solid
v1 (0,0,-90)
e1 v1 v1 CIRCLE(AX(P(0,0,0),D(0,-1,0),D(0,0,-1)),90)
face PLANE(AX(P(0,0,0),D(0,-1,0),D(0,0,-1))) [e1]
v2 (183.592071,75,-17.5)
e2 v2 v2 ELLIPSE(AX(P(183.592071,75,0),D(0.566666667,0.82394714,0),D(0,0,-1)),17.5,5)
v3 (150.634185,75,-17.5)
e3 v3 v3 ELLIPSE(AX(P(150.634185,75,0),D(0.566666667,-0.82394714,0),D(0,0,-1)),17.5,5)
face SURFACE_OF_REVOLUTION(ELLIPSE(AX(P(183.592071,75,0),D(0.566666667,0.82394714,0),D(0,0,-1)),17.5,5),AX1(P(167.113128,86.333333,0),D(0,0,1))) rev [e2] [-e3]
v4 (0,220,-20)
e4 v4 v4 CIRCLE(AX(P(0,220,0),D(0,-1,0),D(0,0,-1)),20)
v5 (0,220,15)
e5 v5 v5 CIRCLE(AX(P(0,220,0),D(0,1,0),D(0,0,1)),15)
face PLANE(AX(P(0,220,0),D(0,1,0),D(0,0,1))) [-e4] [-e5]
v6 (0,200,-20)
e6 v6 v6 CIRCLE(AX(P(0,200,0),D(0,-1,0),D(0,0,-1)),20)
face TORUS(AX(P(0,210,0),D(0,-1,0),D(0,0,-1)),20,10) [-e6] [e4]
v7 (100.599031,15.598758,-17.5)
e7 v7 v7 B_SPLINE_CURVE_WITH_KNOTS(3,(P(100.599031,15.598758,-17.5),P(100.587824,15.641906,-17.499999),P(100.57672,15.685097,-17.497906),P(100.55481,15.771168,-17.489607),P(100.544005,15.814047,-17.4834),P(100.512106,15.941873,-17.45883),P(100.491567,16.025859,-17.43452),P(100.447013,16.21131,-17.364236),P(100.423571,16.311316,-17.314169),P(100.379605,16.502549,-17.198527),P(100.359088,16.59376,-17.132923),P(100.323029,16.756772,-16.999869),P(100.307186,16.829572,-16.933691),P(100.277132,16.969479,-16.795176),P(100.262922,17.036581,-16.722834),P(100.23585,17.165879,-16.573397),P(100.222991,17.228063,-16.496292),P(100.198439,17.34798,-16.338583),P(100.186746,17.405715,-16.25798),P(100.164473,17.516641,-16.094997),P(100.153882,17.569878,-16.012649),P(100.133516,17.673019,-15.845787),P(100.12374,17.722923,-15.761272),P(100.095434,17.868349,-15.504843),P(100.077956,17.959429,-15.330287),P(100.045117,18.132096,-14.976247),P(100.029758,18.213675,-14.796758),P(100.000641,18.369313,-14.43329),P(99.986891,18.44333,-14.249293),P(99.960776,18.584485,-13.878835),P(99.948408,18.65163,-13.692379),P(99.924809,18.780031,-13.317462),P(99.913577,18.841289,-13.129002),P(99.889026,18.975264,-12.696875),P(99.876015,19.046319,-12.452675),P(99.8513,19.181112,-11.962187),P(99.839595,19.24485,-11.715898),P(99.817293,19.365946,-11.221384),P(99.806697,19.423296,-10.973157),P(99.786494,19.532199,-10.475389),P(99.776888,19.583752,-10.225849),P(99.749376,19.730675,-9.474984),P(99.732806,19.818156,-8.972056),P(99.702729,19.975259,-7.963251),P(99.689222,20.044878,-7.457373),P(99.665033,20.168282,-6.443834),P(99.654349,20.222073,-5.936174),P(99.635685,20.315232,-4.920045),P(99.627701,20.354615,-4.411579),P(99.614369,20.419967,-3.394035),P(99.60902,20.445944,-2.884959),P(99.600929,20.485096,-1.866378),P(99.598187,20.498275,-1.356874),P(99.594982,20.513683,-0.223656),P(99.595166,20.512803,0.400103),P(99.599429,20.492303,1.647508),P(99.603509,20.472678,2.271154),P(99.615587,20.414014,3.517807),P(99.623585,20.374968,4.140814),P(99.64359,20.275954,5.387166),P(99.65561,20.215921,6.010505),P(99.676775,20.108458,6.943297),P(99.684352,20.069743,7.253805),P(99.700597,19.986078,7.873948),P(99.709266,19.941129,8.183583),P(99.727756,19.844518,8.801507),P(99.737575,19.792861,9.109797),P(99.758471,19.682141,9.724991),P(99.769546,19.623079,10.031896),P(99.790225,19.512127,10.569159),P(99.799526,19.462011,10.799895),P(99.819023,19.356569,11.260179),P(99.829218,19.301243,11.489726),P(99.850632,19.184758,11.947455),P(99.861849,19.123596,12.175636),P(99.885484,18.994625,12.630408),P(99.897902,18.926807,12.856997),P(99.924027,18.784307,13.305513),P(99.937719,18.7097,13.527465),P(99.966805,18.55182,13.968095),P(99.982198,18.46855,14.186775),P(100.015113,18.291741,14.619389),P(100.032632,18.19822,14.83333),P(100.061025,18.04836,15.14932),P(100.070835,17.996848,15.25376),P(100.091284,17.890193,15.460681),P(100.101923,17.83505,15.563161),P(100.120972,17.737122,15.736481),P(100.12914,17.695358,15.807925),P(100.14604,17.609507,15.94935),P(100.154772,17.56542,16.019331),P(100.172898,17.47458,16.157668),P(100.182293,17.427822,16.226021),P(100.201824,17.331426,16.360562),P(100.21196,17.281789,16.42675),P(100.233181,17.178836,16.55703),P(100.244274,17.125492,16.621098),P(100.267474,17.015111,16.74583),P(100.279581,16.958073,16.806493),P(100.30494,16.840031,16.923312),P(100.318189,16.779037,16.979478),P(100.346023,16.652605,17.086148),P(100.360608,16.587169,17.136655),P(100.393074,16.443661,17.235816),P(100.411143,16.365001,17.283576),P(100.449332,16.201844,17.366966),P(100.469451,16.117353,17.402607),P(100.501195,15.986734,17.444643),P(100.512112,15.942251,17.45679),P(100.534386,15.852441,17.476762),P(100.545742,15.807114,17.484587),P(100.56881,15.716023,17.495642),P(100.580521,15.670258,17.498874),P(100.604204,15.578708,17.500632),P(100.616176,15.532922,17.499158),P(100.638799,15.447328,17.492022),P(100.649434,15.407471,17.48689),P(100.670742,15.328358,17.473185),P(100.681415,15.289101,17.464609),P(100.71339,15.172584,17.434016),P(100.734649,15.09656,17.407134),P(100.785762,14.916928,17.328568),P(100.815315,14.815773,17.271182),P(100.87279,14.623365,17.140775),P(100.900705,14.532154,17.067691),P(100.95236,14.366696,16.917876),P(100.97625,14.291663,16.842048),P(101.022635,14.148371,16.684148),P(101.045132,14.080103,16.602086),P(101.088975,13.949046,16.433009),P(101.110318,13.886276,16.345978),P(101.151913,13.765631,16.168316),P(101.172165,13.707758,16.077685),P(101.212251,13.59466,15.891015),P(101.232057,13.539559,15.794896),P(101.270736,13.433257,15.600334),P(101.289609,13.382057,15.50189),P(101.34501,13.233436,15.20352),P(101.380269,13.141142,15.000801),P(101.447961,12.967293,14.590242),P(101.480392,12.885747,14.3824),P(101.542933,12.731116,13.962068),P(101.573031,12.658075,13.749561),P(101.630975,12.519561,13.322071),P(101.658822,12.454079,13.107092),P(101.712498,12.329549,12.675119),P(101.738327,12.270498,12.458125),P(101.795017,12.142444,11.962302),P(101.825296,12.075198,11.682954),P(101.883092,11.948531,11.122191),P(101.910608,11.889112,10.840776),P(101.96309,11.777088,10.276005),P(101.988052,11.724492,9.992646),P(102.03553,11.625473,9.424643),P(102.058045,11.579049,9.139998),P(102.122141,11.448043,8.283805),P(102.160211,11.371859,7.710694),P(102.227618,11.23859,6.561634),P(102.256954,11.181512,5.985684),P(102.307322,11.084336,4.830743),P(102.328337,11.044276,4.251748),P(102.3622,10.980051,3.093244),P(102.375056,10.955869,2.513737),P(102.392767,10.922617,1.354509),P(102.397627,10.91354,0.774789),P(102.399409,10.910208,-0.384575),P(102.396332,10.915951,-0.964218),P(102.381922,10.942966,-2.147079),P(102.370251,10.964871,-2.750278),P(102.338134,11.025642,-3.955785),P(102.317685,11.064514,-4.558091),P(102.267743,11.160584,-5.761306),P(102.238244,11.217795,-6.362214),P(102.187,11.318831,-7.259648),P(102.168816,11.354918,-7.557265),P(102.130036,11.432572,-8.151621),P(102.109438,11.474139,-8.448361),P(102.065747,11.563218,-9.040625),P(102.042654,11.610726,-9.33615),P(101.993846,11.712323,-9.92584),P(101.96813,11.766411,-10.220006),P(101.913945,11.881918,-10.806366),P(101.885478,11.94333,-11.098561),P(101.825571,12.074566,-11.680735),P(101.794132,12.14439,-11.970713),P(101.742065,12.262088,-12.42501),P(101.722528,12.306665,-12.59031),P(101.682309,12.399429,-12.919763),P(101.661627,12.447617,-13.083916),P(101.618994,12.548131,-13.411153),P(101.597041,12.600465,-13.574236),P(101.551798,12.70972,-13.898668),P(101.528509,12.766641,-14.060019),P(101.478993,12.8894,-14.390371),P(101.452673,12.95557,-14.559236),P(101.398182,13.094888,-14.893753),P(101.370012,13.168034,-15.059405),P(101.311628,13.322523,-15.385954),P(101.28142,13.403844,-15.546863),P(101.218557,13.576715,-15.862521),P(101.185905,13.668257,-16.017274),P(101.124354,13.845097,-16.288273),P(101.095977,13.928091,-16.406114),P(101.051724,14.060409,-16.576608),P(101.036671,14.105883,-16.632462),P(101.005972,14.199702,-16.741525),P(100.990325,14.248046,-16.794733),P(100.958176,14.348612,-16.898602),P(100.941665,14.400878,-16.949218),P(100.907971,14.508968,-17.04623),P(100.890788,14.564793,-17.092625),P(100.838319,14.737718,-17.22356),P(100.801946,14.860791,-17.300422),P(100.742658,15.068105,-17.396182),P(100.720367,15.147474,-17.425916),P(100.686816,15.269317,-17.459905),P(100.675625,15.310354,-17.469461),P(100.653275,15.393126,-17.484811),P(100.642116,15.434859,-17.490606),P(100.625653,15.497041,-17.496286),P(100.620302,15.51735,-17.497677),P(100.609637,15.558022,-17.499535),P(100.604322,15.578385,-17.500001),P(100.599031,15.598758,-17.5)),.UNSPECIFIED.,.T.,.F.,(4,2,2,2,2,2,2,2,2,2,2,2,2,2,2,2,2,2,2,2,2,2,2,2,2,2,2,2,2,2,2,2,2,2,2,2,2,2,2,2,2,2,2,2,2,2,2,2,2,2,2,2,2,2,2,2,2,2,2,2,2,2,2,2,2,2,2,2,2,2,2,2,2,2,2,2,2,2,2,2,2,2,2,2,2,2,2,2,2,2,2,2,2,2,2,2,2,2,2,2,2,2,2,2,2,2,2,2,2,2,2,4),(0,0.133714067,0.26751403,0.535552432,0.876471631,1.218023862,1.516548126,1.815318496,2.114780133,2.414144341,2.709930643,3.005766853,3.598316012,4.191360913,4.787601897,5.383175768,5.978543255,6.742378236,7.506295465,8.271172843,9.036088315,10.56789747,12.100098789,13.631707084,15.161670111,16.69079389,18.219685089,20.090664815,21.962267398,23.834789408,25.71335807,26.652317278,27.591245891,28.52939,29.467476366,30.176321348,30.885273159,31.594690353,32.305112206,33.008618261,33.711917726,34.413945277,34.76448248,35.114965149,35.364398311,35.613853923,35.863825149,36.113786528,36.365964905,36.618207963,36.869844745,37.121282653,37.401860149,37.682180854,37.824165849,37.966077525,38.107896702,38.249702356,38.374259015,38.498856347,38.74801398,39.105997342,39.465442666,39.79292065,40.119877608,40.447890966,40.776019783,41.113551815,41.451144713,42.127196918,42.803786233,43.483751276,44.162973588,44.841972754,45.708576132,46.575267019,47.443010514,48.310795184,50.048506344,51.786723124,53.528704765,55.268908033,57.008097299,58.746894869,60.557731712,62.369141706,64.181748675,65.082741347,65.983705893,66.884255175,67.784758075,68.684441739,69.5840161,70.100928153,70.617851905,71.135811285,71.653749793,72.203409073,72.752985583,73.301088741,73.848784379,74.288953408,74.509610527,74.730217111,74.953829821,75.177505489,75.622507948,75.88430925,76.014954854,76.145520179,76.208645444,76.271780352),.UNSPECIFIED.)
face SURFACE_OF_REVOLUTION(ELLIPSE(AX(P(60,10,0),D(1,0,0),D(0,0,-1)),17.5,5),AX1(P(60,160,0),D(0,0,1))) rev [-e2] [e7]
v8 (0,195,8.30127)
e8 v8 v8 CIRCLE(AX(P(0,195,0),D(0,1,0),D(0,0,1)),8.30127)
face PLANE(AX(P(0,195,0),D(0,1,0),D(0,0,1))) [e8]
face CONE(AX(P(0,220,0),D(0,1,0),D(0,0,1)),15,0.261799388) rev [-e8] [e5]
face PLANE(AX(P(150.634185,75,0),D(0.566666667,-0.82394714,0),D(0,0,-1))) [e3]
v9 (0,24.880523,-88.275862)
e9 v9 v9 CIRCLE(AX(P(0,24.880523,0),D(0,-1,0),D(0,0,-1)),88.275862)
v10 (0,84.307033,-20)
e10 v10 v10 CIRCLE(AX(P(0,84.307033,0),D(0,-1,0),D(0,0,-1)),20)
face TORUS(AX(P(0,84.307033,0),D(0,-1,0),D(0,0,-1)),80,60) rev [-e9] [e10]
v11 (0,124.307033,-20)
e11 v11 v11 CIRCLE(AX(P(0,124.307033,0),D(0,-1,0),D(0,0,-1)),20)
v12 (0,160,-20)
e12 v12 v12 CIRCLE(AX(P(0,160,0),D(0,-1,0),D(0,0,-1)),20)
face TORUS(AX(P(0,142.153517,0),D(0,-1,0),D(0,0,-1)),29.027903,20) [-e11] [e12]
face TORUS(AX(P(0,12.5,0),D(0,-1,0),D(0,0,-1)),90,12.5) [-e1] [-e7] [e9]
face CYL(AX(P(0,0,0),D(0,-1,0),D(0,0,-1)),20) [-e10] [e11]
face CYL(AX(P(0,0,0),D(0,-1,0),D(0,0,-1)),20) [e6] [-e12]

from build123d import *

# Parameters (mm, degrees)
SKETCH3_RX         = 17.5
SKETCH3_RY         = 5
SKETCH4_R          = 15
CUT_EXTRUDE1_DEPTH = 25
CUT_EXTRUDE1_DRAFT = -15


with BuildPart() as part:
    # Sketch1 → Revolve1 (revolve)
    with BuildSketch(Plane.XY, mode=Mode.PRIVATE) as revolve1_sk:
        with BuildLine():
            Line((0, 0), (90, 0))
            ThreePointArc((90, 0), (102.470094964, 13.364136328), (88.275862069, 24.880522945))
            ThreePointArc((88.275862069, 24.880522945), (40.608070142, 39.049151314), (20, 84.307033082))
            Line((20, 84.307033082), (20, 124.307033082))
            ThreePointArc((20, 124.307033082), (49.027902754, 142.153516541), (20, 160))
            Line((20, 160), (20, 200))
            ThreePointArc((20, 200), (30, 210), (20, 220))
            Line((20, 220), (0, 220))
            Line((0, 220), (0, 0))
        make_face()
    revolve(revolve1_sk.sketch.rotate(Axis((0, 0, 0), (0, 1, 0)), 90), axis=Axis((0, 0, 0), (0, 1, 0)))

    # Sweep1: sweep along a path in Sketch2
    with BuildLine(Plane.XY) as sweep1_path:
        Line((0, 10), (60, 10))
        ThreePointArc((60, 10), (129.821200219, 27.240819526), (183.592070943, 75))
        ThreePointArc((183.592070943, 75), (167.113128151, 106.333333333), (150.634185358, 75))
    # Sketch3 → Sweep1 (sweep)
    with BuildSketch(Plane(origin=(0, 0, 0), x_dir=(0, 0, -1), z_dir=(1, 0, 0))):
        with Locations((0, 10)):
            Ellipse(SKETCH3_RX, SKETCH3_RY)
    sweep(path=sweep1_path.line)


with BuildPart() as cut_extrude1_tool:
    # Sketch4 → Cut-Extrude1 (with draft: the straight prism first)
    with BuildSketch(Plane(origin=(0, 220, 0), x_dir=(1, 0, 0), z_dir=(0, 1, 0))):
        Circle(SKETCH4_R)
    extrude(amount=-CUT_EXTRUDE1_DEPTH)
    # Cut-Extrude1: the draft: its side faces are tilted about the plane it starts from
    cut_extrude1_sides = [cut_extrude1_tool.faces().sort_by_distance(p)[0] for p in [
        (-15, 207.5, 0),
    ]]
    draft(cut_extrude1_sides, Plane(origin=(0, 220, 0), x_dir=(1, 0, 0), z_dir=(0, 1, 0)), CUT_EXTRUDE1_DRAFT)


with BuildPart() as part_1:
    add(part.part)

    # Cut-Extrude1: cut by cut_extrude1_tool
    add(cut_extrude1_tool.part, mode=Mode.SUBTRACT)


solid = part_1.part
